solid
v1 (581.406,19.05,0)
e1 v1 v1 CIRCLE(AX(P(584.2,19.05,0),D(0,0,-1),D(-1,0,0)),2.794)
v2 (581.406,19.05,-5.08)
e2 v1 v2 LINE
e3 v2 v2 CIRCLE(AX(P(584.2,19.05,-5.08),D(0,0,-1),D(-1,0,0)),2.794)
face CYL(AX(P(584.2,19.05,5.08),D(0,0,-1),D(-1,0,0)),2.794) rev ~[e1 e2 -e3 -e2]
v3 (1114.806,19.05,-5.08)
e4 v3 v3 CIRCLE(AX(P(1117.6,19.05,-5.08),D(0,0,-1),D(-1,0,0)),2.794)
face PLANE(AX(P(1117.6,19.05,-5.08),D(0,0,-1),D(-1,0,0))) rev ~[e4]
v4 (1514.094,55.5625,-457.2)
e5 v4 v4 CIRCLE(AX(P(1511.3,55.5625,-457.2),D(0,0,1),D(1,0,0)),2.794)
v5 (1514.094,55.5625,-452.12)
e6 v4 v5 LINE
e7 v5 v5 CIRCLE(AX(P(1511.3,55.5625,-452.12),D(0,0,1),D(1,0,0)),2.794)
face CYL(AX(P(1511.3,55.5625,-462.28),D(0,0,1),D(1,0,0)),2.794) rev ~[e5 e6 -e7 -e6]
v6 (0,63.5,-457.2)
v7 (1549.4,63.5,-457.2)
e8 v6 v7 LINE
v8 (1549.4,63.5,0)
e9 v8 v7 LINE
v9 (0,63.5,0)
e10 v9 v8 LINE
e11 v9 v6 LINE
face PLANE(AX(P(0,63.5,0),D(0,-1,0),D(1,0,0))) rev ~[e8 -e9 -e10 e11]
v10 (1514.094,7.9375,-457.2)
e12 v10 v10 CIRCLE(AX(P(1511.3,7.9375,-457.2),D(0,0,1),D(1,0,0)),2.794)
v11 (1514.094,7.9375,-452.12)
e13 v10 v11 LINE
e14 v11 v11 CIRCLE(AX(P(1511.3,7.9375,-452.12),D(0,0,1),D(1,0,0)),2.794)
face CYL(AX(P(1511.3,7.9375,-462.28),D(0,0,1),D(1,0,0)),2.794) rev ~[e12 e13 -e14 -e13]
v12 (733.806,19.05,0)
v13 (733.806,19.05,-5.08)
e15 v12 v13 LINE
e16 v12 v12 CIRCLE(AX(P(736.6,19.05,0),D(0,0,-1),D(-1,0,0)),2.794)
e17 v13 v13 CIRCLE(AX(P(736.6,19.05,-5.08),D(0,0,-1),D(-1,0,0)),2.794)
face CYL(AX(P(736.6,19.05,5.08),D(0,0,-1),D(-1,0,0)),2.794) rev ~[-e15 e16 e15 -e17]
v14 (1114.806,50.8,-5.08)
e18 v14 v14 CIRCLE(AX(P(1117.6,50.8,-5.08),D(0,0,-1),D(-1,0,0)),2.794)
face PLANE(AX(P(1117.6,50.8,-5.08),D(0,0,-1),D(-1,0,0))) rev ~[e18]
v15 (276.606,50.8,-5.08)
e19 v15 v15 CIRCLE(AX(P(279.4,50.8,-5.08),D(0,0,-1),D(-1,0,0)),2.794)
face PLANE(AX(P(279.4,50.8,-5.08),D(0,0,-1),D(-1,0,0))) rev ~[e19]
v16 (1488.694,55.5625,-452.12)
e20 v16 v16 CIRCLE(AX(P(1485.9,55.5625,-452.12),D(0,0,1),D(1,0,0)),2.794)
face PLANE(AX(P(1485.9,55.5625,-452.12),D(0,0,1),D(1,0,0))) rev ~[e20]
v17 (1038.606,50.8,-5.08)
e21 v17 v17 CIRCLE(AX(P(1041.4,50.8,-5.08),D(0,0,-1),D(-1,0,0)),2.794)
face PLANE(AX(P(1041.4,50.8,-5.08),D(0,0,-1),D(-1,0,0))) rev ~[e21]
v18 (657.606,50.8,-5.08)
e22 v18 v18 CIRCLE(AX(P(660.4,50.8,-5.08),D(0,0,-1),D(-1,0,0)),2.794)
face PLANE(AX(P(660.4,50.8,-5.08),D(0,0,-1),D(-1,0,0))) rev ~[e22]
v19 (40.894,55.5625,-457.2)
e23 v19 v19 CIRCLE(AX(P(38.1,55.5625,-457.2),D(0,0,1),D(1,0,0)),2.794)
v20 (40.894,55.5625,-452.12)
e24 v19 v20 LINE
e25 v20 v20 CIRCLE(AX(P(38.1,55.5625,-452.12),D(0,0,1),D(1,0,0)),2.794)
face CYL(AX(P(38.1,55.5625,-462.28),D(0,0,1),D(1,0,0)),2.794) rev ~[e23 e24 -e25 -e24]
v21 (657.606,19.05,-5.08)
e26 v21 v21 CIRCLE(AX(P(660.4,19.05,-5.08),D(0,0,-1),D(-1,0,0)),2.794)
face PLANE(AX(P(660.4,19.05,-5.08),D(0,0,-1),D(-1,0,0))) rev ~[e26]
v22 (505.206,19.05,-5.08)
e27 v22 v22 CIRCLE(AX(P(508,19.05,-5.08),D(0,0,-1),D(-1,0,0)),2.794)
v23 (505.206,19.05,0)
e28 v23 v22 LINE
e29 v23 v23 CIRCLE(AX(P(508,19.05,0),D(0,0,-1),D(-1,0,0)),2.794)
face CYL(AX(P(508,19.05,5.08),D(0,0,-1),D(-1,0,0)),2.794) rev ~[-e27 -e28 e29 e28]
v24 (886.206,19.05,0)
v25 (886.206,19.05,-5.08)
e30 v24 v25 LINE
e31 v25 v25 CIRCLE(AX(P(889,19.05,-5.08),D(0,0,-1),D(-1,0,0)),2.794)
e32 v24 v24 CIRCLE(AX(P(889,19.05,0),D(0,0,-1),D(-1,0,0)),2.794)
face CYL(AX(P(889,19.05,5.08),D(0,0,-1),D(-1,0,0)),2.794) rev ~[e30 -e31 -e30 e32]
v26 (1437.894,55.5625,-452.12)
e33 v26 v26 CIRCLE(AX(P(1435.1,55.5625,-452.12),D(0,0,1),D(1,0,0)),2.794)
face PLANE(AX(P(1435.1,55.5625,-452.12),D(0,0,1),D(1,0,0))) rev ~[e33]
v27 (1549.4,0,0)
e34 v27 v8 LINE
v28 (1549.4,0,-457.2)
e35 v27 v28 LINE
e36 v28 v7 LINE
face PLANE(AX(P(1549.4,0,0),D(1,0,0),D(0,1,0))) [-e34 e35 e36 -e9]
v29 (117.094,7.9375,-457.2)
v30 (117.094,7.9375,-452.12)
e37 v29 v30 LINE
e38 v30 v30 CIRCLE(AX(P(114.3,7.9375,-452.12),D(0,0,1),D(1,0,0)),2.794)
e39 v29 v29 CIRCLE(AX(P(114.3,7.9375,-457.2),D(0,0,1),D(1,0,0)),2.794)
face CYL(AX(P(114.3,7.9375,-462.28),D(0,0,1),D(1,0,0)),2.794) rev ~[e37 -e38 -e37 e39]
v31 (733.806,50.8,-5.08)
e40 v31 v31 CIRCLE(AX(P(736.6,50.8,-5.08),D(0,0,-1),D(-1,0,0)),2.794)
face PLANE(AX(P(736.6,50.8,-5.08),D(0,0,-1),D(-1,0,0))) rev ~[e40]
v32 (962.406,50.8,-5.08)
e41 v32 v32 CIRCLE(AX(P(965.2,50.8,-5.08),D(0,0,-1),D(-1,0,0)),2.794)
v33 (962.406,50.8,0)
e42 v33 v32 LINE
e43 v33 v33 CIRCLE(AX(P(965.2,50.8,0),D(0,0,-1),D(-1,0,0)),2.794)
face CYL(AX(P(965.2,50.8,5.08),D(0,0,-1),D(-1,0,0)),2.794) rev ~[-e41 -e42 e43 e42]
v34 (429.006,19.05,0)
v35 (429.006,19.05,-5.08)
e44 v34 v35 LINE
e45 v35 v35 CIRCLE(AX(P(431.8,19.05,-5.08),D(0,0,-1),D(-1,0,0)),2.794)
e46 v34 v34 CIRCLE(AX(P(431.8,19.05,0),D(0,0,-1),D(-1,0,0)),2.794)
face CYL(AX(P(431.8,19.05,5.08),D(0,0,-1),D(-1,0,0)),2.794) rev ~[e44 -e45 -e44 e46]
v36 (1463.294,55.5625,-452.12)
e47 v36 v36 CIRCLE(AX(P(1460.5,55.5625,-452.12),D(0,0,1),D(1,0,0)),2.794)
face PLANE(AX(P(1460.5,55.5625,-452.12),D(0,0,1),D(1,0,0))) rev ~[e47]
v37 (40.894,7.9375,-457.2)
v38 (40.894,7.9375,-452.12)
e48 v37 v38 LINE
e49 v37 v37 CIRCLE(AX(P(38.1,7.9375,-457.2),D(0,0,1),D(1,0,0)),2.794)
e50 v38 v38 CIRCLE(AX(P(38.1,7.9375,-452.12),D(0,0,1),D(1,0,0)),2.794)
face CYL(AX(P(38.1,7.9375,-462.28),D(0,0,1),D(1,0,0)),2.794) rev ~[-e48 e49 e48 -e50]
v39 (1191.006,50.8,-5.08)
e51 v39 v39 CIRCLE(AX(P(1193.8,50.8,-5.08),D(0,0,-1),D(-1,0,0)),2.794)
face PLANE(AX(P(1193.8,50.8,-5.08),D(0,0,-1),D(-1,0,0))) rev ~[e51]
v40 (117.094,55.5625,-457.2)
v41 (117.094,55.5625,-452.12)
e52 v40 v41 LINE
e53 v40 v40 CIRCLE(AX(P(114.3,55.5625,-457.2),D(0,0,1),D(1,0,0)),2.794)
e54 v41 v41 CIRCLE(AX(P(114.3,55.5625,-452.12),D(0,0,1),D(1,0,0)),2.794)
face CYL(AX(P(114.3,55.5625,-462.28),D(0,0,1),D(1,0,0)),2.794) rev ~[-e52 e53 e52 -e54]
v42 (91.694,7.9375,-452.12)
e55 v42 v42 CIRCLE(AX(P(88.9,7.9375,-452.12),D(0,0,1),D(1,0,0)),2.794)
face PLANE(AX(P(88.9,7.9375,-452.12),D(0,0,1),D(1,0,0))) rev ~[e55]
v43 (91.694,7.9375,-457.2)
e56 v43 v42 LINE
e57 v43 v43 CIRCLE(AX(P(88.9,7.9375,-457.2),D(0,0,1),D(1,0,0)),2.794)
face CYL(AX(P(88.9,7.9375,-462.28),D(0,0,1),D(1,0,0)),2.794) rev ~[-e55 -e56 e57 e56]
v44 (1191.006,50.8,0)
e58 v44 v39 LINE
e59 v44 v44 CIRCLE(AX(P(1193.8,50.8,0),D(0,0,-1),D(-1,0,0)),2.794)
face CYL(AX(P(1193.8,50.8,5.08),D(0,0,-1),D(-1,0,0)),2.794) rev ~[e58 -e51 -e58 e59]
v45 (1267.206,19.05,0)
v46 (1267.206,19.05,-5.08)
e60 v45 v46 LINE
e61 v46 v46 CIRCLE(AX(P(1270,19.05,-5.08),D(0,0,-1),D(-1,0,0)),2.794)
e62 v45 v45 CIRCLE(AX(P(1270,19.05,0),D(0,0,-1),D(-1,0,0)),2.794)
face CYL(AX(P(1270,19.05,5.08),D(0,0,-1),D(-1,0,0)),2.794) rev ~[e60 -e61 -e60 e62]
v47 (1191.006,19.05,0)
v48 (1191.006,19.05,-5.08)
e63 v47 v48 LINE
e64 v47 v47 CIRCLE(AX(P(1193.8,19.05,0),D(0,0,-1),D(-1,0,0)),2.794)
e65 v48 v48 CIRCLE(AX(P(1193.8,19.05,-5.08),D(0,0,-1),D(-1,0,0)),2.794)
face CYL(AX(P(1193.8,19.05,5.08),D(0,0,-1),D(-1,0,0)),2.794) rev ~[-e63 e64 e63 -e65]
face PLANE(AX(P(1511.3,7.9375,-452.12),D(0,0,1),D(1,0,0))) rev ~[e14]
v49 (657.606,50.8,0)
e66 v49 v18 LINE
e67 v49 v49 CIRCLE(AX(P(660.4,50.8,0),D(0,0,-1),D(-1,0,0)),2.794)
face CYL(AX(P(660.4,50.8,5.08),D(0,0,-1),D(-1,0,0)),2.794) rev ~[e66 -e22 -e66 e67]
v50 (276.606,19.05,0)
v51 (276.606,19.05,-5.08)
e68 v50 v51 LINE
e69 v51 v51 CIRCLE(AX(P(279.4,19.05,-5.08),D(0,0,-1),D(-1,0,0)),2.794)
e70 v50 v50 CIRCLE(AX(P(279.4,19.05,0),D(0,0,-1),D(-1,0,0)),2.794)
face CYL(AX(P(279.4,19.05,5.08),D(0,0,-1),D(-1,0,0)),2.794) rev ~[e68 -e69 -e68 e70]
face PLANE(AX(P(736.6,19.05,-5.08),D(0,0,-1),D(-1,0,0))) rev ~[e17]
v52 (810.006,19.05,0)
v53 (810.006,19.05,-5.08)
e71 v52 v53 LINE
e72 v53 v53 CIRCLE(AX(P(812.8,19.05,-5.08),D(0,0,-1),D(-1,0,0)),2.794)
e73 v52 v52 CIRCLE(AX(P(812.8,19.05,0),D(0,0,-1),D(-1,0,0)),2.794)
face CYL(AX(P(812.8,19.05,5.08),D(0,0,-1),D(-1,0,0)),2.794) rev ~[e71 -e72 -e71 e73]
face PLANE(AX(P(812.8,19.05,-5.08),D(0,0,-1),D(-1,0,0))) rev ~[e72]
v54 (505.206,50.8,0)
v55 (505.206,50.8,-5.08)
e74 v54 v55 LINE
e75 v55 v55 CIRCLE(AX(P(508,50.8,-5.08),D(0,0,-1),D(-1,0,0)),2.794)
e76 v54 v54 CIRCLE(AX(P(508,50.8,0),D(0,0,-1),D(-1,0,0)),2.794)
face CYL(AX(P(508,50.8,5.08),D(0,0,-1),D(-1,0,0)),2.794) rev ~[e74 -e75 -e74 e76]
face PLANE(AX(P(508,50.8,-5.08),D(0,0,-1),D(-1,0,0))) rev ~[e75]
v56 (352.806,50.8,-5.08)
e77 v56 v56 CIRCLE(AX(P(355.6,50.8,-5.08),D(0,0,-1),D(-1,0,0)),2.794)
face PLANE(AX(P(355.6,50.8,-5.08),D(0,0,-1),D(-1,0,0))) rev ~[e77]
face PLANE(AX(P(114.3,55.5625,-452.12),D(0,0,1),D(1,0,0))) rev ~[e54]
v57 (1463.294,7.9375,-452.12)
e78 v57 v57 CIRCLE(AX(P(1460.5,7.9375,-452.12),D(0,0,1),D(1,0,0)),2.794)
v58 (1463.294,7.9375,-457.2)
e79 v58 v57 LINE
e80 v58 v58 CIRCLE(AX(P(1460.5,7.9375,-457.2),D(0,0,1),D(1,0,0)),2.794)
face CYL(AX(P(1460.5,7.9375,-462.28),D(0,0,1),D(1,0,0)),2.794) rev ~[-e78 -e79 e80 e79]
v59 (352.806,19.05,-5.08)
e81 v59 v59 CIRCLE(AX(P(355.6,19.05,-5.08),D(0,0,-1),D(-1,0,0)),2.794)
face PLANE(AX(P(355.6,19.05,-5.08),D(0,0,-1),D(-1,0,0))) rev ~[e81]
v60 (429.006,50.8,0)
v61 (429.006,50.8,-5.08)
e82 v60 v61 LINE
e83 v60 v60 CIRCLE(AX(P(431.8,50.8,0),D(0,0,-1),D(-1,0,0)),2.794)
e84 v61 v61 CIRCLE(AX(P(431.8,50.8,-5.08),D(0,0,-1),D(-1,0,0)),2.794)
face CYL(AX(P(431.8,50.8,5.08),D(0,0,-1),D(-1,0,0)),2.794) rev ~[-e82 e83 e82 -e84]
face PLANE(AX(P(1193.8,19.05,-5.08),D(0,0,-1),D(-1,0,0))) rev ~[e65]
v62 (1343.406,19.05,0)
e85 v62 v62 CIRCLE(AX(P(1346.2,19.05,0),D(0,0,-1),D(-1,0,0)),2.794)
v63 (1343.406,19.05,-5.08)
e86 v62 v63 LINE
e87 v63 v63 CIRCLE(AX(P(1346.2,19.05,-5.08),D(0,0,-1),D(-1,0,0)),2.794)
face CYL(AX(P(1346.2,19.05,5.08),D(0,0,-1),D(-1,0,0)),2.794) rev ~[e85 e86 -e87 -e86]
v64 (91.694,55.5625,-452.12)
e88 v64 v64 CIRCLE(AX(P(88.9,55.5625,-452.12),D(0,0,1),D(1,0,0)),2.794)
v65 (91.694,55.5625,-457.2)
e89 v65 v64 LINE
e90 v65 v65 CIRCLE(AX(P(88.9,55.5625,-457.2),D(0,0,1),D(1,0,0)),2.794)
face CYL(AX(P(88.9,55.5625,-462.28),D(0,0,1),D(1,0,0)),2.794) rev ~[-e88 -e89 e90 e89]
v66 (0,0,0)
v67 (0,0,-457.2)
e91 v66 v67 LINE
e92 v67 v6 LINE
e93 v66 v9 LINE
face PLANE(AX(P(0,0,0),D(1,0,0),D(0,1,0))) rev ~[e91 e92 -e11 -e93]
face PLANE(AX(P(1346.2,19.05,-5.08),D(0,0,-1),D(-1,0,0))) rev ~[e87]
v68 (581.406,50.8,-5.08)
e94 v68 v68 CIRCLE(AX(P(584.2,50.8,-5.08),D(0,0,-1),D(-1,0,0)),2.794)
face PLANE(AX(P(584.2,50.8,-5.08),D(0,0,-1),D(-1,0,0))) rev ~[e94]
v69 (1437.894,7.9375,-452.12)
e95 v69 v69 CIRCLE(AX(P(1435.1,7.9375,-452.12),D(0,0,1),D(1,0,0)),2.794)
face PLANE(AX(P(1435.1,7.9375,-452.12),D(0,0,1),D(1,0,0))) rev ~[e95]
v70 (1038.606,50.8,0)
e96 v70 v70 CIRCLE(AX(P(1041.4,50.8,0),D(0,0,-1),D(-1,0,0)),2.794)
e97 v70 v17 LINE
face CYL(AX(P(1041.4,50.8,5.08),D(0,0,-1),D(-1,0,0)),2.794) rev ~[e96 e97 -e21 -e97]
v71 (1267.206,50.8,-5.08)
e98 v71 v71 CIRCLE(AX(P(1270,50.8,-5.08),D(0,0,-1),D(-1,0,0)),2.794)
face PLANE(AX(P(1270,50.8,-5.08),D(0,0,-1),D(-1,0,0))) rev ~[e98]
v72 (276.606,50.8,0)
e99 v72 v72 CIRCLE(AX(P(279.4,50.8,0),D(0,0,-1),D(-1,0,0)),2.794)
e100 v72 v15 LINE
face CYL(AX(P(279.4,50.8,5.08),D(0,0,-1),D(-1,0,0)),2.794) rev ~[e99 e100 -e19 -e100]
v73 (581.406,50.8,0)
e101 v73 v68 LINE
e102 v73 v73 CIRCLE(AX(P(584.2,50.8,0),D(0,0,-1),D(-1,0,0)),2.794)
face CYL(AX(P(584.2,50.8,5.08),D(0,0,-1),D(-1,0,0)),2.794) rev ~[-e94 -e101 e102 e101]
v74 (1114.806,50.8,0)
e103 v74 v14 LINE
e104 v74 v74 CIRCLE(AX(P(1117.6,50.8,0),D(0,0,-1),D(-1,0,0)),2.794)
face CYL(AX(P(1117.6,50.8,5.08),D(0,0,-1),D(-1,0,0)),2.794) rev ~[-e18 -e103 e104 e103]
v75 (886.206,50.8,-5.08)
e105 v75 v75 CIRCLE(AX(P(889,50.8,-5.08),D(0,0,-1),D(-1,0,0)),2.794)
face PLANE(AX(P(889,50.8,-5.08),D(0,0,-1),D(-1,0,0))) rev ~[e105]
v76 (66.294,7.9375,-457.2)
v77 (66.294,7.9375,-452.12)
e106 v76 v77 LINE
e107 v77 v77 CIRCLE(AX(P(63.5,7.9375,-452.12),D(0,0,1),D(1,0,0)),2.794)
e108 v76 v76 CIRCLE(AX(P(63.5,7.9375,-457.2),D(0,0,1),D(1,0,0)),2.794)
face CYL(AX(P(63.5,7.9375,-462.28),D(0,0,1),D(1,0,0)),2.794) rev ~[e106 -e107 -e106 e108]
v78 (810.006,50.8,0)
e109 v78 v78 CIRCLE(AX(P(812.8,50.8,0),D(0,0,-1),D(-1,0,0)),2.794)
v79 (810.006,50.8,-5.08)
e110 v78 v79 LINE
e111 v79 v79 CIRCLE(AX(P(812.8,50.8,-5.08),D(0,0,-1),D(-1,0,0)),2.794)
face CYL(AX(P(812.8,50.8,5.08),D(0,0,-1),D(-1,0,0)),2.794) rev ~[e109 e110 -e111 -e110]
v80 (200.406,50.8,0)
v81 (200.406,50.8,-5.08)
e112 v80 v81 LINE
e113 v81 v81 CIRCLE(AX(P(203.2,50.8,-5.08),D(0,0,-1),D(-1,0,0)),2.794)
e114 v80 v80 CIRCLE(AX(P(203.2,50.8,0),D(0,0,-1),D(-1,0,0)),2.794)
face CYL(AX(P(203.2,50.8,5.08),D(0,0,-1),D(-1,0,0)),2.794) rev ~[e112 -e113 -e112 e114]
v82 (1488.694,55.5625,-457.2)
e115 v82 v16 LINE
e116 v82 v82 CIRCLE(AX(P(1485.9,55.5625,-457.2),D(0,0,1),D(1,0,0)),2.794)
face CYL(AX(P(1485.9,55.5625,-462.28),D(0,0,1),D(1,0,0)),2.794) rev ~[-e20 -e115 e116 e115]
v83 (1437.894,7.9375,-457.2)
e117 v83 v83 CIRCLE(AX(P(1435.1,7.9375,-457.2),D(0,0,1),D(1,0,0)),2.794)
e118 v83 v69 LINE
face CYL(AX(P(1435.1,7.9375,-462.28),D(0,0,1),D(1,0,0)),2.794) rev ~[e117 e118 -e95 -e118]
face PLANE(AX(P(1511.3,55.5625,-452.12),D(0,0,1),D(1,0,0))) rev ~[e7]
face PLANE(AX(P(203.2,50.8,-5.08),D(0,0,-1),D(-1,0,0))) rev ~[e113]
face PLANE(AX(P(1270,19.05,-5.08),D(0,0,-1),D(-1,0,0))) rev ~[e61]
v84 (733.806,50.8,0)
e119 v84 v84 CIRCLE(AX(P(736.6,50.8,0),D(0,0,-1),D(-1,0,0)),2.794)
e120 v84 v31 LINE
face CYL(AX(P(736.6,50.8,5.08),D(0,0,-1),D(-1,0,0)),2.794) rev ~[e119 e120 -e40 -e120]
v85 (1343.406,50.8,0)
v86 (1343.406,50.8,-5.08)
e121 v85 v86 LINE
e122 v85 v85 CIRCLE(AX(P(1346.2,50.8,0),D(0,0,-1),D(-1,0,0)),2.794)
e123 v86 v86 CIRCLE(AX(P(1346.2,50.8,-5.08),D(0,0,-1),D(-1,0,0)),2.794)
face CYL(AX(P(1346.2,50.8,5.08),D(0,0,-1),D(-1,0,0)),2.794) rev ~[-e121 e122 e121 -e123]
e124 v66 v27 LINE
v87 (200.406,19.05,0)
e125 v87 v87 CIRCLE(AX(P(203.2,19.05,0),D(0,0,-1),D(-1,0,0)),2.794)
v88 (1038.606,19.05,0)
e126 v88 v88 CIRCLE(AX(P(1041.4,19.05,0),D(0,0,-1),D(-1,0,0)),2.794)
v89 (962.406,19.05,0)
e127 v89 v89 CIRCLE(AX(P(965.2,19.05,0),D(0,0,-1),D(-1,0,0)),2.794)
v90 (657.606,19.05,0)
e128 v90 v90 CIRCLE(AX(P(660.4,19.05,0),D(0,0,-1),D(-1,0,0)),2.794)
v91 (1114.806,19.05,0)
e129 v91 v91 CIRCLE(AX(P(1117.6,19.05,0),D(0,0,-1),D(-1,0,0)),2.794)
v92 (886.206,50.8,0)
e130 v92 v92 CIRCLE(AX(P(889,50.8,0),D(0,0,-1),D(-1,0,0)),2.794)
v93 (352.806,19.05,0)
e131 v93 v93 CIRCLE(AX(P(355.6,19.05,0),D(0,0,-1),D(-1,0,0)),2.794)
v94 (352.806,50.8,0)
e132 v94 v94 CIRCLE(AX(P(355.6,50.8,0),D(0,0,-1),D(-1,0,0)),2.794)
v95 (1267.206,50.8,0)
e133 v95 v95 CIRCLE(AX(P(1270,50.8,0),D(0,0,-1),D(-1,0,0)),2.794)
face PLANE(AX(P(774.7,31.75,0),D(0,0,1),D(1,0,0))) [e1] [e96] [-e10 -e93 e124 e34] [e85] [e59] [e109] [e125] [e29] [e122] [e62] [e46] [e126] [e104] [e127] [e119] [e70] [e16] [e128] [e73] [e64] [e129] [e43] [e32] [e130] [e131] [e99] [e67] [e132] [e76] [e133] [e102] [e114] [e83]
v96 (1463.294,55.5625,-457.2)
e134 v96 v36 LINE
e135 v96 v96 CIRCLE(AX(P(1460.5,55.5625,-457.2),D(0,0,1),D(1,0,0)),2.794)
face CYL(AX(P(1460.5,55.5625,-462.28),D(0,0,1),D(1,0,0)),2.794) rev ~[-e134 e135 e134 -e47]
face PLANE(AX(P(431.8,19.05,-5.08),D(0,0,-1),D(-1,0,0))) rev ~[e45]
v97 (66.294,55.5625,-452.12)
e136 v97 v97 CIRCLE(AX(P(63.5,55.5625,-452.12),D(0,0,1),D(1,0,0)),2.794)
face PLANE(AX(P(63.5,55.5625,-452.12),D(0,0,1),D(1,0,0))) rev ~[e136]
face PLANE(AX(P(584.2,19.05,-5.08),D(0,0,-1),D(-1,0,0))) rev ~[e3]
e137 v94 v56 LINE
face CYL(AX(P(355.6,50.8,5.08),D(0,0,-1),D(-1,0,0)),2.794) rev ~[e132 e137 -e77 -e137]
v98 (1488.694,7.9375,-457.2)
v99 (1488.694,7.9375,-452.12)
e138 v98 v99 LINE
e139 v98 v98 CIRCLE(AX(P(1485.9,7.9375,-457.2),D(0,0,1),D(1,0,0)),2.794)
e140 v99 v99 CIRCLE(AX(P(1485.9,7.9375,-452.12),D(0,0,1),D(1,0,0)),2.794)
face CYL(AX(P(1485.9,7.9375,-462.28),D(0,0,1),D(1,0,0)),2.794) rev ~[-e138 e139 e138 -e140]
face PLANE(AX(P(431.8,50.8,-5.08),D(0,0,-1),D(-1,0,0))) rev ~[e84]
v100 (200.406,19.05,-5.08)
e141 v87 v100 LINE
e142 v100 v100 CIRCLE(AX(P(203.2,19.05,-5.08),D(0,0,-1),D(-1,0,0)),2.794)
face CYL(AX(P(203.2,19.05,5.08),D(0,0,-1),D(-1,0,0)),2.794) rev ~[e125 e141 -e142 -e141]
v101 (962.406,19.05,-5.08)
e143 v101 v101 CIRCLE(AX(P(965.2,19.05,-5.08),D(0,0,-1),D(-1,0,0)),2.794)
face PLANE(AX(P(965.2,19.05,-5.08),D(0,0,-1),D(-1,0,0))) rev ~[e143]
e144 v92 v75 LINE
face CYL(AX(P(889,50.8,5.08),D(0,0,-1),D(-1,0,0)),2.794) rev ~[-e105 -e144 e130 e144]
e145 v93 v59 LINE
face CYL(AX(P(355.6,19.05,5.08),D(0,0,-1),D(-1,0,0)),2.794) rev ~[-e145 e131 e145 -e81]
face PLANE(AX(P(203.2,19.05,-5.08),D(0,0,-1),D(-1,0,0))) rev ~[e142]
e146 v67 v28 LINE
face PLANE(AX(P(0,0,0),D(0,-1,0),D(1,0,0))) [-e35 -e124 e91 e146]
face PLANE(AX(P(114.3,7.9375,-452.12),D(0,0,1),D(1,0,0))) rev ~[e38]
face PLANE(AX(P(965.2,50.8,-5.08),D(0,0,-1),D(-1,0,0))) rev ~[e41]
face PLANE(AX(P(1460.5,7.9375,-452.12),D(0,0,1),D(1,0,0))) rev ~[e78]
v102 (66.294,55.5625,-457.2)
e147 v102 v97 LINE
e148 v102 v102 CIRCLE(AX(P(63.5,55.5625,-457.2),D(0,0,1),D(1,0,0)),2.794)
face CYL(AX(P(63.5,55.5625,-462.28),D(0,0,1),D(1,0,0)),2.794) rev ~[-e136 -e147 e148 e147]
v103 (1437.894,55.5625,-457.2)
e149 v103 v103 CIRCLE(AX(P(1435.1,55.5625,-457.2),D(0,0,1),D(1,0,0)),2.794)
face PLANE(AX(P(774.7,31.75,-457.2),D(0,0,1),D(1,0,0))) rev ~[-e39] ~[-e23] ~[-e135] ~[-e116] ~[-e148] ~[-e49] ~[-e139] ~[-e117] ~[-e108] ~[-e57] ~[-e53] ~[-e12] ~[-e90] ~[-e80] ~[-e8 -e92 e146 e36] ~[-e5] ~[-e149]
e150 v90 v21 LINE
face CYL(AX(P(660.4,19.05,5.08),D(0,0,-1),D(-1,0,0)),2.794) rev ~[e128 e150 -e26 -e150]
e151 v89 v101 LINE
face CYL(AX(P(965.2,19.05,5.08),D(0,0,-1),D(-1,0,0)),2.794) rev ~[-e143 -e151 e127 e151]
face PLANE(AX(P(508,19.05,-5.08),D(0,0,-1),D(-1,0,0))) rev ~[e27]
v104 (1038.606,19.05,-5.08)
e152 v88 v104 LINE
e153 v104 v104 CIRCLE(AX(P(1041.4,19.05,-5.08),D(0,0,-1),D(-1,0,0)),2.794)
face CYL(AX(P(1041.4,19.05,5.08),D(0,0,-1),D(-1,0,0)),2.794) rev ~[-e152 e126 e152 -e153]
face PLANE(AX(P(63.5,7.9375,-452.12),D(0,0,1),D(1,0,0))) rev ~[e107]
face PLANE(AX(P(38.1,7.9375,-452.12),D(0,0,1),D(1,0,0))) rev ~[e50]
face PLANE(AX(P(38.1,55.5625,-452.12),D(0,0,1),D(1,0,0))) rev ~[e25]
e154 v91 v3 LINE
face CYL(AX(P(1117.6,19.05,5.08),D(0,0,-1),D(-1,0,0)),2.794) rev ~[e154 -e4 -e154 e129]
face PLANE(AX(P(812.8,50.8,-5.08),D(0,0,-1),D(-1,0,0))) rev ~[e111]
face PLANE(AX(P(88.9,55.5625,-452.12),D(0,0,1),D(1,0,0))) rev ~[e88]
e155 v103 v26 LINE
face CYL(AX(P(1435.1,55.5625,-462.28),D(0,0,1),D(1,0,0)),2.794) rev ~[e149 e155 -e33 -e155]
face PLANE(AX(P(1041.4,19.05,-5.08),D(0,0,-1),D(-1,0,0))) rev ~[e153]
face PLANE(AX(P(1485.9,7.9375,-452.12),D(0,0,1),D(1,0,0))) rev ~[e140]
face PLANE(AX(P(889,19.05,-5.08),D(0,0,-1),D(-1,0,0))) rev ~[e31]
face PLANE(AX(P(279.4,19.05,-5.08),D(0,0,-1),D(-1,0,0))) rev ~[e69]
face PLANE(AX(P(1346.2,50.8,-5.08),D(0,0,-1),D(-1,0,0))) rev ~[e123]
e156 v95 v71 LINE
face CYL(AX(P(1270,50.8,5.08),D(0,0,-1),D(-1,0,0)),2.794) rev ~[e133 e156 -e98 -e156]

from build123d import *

# Parameters (mm, degrees)
SKETCH1_W           = 1549.4
SKETCH1_H           = 63.5
BOSS_EXTRUDE1_DEPTH = 457.2
HOLE1_D             = 5.588
HOLE1_DEPTH         = 5.08
LPATTERN1_COUNT     = 4
LPATTERN1_PITCH     = 25.4
HOLE2_D             = 5.588
HOLE2_DEPTH         = 5.08
LPATTERN2_COUNT     = 4
LPATTERN2_PITCH     = 25.4
HOLE3_D             = 5.588
HOLE3_DEPTH         = 5.08
LPATTERN3_COUNT     = 16
LPATTERN3_PITCH     = 76.2


with BuildPart() as part:
    # Sketch1 → Boss-Extrude1 (new body)
    with BuildSketch(Plane.XY):
        with Locations((774.7, 31.75)):
            Rectangle(SKETCH1_W, SKETCH1_H)
    extrude(amount=-BOSS_EXTRUDE1_DEPTH)

    # Hole1
    with Locations(Plane(origin=(38.1, 55.5625, -457.2), x_dir=(-1, 0, 0), z_dir=(0, 0, -1))):
        with Locations((0, 0), (0, -47.625)):
            hole1 = Hole(HOLE1_D / 2, depth=HOLE1_DEPTH)

    # LPattern1: Hole1 ×4
    with Locations(*[(i * LPATTERN1_PITCH, 0, 0) for i in range(1, LPATTERN1_COUNT)]):
        add(hole1, mode=Mode.SUBTRACT)

    # Hole2
    with Locations(Plane(origin=(1511.3, 55.5625, -457.2), x_dir=(-1, 0, 0), z_dir=(0, 0, -1))):
        with Locations((0, 0), (0, -47.625)):
            hole2 = Hole(HOLE2_D / 2, depth=HOLE2_DEPTH)

    # LPattern2: Hole2 ×4
    with Locations(*[(-i * LPATTERN2_PITCH, 0, 0) for i in range(1, LPATTERN2_COUNT)]):
        add(hole2, mode=Mode.SUBTRACT)

    # Hole3
    with Locations(Plane(origin=(203.2, 50.8, 0), x_dir=(1, 0, 0), z_dir=(0, 0, 1))):
        with Locations((0, 0), (0, -31.75)):
            hole3 = Hole(HOLE3_D / 2, depth=HOLE3_DEPTH)

    # LPattern3: Hole3 ×16
    with Locations(*[(i * LPATTERN3_PITCH, 0, 0) for i in range(1, LPATTERN3_COUNT)]):
        add(hole3, mode=Mode.SUBTRACT)


solid = part.part
